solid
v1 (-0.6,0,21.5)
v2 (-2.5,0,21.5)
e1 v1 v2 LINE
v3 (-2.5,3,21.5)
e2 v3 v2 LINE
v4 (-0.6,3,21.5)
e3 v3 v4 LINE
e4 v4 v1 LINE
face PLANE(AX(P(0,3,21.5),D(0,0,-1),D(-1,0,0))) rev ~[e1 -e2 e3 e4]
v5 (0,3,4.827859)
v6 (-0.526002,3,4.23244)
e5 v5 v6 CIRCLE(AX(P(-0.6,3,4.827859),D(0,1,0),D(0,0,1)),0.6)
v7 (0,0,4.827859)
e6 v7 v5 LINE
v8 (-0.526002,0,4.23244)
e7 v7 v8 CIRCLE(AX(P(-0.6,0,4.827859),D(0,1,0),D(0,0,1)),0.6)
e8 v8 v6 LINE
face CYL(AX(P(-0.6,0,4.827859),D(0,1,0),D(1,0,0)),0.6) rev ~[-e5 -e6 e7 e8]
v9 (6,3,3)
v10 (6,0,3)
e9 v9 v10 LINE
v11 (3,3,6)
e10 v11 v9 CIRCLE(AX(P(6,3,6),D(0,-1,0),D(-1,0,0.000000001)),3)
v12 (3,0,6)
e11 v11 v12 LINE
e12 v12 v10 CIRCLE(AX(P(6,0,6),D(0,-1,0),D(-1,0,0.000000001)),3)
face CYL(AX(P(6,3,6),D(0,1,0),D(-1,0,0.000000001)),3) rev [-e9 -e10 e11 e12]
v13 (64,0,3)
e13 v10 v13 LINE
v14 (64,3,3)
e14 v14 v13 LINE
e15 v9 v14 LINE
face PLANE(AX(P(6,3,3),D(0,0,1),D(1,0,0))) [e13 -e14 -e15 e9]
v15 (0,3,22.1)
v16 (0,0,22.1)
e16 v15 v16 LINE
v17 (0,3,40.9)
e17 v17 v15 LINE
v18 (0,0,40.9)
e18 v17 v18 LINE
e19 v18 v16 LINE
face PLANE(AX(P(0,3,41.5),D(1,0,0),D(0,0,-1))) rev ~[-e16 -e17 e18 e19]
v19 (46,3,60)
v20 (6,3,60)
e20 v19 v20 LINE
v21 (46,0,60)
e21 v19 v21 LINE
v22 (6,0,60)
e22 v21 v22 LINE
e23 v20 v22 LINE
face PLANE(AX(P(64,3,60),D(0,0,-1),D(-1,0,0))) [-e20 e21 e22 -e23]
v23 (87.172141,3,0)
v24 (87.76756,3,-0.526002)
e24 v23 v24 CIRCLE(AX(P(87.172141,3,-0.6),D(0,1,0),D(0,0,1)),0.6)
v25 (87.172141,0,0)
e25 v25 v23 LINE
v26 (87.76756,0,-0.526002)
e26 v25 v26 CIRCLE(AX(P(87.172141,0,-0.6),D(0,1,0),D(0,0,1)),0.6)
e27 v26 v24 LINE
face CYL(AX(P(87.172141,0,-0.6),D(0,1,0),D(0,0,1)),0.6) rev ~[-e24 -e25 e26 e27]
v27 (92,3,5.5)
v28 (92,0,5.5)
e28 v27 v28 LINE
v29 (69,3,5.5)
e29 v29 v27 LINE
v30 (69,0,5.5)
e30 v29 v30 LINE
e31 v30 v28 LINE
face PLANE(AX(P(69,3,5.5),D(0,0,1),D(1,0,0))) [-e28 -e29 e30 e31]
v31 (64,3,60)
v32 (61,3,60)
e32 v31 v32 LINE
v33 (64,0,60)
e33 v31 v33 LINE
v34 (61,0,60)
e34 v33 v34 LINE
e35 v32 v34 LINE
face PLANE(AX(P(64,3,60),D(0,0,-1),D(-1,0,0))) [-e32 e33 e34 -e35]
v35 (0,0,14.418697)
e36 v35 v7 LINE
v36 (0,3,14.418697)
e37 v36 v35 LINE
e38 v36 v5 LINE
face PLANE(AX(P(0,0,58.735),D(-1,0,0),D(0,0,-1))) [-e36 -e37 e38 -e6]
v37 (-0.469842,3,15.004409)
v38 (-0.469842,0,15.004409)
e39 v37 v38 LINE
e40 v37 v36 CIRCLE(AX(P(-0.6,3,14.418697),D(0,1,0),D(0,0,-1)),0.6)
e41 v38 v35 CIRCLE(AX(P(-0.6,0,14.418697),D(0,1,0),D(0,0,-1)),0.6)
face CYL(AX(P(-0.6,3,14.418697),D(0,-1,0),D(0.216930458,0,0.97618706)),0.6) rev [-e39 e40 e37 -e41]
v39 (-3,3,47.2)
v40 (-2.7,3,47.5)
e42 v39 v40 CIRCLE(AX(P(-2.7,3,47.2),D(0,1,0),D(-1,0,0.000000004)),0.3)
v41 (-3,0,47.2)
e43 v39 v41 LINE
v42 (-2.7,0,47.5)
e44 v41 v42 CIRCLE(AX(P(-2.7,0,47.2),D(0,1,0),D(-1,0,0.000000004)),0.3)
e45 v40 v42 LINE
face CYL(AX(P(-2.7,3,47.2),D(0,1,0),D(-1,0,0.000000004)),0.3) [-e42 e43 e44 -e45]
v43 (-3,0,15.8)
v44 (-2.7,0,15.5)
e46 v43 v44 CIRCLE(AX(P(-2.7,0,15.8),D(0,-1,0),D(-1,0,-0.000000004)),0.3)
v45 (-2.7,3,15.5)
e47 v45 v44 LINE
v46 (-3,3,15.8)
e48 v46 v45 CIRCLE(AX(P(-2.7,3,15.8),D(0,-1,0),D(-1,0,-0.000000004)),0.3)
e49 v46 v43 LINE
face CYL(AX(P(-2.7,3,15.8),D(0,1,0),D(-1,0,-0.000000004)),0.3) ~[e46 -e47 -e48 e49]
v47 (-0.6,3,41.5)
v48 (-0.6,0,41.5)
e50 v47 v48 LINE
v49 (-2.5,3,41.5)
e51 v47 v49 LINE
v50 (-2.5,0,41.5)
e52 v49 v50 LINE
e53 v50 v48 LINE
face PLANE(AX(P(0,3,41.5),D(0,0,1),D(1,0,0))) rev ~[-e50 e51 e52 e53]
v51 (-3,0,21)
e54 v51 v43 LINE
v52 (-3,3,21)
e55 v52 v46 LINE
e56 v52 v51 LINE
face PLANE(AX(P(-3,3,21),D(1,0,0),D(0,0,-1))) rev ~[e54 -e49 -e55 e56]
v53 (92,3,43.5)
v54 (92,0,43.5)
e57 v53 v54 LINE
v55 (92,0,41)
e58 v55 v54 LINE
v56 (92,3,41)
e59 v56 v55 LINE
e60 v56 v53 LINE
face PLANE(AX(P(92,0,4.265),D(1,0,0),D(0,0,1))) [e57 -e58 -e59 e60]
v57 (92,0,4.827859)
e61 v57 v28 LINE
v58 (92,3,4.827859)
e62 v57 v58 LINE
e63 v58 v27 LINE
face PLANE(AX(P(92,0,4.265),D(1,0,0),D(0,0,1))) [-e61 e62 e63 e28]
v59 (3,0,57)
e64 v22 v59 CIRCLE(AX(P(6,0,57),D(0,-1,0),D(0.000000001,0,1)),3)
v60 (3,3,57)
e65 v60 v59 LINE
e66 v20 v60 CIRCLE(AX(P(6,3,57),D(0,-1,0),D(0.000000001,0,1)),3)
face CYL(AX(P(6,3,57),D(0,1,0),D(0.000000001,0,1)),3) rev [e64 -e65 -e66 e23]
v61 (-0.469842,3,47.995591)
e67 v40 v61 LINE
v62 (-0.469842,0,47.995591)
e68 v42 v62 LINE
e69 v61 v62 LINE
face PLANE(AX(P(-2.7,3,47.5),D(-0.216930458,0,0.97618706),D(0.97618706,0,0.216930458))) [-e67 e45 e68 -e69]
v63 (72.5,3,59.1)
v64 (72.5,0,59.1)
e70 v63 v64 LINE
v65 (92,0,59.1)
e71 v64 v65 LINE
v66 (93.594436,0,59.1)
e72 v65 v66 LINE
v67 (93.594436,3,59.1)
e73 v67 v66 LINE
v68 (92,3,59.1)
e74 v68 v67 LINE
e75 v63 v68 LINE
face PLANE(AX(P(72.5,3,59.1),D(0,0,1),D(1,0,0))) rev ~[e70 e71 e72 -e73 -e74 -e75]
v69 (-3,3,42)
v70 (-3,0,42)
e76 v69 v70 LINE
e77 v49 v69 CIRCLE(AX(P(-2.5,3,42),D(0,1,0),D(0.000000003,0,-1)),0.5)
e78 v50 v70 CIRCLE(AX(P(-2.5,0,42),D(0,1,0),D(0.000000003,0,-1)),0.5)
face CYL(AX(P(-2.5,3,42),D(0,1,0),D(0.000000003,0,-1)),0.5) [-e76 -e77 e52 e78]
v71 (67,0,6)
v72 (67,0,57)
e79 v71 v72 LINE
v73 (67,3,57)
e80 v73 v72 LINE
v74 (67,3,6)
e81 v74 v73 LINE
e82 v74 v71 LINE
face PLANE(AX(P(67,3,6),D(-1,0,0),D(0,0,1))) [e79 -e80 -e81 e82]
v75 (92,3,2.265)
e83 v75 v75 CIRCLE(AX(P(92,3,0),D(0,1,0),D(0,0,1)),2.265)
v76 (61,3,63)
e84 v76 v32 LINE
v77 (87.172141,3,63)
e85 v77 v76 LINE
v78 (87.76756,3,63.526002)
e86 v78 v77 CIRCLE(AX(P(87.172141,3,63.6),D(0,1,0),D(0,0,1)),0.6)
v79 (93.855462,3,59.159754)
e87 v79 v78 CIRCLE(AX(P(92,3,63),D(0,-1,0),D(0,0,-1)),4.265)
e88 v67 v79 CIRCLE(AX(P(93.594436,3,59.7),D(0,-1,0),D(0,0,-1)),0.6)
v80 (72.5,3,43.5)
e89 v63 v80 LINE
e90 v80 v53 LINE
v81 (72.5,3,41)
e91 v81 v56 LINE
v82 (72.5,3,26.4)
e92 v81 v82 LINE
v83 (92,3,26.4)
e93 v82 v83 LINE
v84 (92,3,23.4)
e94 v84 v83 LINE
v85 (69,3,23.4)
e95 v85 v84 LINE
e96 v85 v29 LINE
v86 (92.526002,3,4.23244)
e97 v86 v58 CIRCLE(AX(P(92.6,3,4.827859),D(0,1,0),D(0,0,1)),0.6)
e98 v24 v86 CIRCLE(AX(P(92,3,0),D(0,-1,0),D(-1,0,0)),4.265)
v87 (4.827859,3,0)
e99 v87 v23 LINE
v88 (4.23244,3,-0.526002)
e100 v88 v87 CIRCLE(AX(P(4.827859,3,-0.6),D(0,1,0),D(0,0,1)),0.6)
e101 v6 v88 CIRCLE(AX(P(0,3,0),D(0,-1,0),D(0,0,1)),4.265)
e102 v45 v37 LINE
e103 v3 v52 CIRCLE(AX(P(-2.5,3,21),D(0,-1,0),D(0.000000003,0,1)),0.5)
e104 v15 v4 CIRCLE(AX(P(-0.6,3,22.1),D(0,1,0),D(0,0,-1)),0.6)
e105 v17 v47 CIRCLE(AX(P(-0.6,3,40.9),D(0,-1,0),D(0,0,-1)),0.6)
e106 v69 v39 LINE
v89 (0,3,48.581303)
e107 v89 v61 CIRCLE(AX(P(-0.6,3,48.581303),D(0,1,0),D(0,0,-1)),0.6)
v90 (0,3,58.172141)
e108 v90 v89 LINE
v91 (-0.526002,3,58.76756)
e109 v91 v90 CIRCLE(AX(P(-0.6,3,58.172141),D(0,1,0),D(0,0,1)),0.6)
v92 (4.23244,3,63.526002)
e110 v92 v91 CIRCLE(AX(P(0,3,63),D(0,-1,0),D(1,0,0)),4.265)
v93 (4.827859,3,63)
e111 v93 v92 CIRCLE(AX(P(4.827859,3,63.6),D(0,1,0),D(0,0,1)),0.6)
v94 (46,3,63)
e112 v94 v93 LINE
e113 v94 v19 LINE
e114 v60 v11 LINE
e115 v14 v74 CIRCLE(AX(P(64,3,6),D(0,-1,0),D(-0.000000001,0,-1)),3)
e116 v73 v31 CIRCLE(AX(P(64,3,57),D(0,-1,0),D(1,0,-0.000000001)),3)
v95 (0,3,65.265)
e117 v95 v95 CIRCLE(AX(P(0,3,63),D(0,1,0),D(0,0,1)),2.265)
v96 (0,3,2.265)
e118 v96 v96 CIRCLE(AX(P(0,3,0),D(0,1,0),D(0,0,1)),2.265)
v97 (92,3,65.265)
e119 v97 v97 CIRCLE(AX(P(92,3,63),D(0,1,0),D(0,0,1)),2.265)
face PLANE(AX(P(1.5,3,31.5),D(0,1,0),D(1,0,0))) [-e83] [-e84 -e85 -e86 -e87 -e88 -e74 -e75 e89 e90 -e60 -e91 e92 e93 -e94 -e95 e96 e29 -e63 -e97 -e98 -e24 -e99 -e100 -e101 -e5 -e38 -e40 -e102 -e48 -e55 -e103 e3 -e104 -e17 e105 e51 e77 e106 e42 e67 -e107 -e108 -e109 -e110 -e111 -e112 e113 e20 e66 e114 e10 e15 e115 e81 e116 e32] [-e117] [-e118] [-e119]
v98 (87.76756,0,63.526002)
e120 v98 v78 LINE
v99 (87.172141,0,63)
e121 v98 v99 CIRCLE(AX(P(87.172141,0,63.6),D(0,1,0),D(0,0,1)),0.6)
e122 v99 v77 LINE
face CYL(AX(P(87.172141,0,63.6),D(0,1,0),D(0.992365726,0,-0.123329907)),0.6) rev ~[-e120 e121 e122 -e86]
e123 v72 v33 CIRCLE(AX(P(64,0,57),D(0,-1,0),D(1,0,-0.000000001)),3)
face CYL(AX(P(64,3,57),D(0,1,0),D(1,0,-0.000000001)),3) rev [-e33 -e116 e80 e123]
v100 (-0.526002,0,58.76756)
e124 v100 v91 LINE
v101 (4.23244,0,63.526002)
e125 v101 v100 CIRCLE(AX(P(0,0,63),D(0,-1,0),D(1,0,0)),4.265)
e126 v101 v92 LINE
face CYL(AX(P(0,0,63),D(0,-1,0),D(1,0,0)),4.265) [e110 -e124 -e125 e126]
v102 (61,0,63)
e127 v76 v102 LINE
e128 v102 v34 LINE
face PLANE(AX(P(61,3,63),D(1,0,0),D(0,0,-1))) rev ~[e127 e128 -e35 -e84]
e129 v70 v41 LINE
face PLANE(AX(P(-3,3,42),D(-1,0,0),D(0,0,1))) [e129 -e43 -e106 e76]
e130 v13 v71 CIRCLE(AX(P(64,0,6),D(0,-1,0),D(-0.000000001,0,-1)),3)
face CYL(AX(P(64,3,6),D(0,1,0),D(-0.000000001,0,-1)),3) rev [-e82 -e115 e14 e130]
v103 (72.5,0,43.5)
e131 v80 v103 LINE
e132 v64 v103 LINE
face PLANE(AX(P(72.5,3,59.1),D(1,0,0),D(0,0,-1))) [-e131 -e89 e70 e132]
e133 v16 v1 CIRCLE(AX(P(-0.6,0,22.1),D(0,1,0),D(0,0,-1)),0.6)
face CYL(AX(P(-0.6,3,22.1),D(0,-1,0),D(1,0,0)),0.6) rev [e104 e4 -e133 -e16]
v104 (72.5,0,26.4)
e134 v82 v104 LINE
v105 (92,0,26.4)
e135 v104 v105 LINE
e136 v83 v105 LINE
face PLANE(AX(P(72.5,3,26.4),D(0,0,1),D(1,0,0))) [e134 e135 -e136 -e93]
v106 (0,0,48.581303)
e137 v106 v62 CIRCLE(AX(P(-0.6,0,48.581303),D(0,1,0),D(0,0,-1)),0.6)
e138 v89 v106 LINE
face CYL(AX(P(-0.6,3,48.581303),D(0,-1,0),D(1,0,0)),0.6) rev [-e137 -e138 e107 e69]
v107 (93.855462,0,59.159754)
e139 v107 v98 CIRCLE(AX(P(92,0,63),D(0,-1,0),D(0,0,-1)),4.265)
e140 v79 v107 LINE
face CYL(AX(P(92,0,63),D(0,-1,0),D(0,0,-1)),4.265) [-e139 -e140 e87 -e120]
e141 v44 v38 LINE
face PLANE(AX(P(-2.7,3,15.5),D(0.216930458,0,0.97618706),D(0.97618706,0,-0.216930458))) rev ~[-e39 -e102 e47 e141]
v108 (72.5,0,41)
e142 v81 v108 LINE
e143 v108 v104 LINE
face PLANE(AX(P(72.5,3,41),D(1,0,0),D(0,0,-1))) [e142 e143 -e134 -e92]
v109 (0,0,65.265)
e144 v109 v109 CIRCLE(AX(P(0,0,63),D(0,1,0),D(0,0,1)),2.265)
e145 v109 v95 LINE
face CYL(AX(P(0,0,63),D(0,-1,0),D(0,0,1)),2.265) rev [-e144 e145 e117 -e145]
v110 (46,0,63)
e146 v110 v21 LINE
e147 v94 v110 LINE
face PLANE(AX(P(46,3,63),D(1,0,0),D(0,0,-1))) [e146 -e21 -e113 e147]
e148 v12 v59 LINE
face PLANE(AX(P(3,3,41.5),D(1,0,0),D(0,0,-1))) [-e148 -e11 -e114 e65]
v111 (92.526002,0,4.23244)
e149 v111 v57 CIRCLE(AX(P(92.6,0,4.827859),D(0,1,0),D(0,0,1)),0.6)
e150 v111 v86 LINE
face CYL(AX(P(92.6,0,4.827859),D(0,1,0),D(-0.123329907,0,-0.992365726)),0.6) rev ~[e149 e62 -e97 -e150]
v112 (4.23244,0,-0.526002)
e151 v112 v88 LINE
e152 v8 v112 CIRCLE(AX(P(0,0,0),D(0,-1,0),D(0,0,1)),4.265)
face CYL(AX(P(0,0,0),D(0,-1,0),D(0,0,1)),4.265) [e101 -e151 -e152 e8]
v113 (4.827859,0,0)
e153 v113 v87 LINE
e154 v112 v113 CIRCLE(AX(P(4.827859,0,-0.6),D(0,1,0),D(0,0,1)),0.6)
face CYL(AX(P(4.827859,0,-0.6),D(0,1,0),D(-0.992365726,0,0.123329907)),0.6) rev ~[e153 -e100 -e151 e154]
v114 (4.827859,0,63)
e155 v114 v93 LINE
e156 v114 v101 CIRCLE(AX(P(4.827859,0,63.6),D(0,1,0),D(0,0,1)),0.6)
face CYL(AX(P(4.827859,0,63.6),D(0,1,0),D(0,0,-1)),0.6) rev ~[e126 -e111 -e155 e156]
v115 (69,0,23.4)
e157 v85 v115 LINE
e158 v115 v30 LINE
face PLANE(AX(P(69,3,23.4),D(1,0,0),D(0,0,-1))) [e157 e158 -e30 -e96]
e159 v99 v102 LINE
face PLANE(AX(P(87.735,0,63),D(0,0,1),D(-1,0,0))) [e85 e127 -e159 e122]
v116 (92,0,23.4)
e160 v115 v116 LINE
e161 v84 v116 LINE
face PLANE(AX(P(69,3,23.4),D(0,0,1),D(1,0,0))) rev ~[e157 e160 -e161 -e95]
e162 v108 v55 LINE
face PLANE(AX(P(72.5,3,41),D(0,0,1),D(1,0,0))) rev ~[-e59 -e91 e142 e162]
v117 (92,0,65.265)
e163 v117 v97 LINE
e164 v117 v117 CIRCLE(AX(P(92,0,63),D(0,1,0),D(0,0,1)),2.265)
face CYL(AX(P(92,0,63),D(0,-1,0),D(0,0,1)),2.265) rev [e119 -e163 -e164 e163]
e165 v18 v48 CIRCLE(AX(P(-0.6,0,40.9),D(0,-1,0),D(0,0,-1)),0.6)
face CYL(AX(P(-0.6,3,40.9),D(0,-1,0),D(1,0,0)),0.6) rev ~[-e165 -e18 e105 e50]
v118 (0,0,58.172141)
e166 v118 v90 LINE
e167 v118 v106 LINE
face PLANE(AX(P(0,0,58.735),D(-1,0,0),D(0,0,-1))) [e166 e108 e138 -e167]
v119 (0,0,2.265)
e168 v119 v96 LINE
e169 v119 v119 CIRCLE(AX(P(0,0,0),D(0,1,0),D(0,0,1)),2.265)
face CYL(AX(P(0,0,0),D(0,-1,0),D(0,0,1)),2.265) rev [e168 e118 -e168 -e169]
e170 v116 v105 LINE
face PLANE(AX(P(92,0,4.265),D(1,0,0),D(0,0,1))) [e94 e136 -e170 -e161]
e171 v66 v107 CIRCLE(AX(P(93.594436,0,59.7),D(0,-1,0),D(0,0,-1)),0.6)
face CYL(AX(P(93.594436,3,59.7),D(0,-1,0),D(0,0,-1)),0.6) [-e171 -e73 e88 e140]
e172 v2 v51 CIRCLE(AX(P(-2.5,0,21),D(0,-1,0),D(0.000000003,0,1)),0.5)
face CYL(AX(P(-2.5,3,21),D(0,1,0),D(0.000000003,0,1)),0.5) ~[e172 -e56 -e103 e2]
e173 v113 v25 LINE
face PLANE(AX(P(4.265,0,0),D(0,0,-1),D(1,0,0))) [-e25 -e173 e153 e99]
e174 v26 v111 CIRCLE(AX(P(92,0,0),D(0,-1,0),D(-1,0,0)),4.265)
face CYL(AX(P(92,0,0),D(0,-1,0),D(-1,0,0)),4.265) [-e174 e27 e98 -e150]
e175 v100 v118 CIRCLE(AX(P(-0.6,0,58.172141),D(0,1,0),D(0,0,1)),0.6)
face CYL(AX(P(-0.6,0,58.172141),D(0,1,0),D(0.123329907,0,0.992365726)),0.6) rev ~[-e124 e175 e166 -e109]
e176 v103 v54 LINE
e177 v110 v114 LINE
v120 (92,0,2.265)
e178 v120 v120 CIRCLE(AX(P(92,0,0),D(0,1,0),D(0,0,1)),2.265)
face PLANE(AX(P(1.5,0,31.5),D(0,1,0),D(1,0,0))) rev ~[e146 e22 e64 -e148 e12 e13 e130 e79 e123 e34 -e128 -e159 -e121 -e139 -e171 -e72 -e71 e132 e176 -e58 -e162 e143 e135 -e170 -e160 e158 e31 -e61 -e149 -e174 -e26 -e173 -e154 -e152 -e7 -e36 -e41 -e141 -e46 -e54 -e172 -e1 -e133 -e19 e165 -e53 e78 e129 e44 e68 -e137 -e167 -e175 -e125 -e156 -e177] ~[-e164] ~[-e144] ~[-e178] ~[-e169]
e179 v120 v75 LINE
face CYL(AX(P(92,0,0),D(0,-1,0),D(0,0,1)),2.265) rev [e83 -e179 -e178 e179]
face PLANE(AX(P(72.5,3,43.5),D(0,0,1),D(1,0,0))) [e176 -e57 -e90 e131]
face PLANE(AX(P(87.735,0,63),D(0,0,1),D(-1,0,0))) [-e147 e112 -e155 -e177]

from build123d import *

# Parameters (mm, degrees)
SKETCH1_R           = 2.265
BOSS_EXTRUDE1_DEPTH = 3
SKETCH2_W           = 6.5
SKETCH2_H           = 20
CUT_EXTRUDE1_DEPTH  = 3
BOSS_EXTRUDE2_DEPTH = 3
CUT_EXTRUDE2_DEPTH  = 3
SKETCH5_W           = 3
SKETCH5_H           = 20
BOSS_EXTRUDE3_DEPTH = 3
SKETCH6_W           = 27.010134686
SKETCH6_H           = 17.9
CUT_EXTRUDE3_DEPTH  = 3
SKETCH7_W           = 19.5
SKETCH7_H           = 14.6
CUT_EXTRUDE4_DEPTH  = 3
SKETCH8_W           = 19.5
SKETCH8_H           = 15.6
CUT_EXTRUDE5_DEPTH  = 3
SKETCH9_W           = 2.019620965
SKETCH9_H           = 0.574286347
CUT_EXTRUDE6_DEPTH  = 3
SKETCH10_W          = 15
SKETCH10_H          = 3
CUT_EXTRUDE7_DEPTH  = 3
FILLET1_R           = 0.6


with BuildPart() as part:
    # Sketch1 → Boss-Extrude1 (new body)
    with BuildSketch(Plane(origin=(0, 0, 0), x_dir=(1, 0, 0), z_dir=(0, 1, 0))):
        with BuildLine():
            Line((4.265, 0), (87.735, 0))
            ThreePointArc((87.735, 0), (95.015810422, 3.015810422), (92, -4.265))
            Line((92, -4.265), (92, -58.735))
            ThreePointArc((92, -58.735), (95.015810422, -66.015810422), (87.735, -63))
            Line((87.735, -63), (4.265, -63))
            ThreePointArc((4.265, -63), (-3.015810422, -66.015810422), (0, -58.735))
            Line((0, -58.735), (0, -4.265))
            ThreePointArc((0, -4.265), (-3.015810422, 3.015810422), (4.265, 0))
        make_face()
        with Locations(Location((0, 0, 0), (0, 0, 270))):
            Circle(SKETCH1_R, mode=Mode.SUBTRACT)
        with Locations(Location((92, 0, 0), (0, 0, 270))):
            Circle(SKETCH1_R, mode=Mode.SUBTRACT)
        with Locations(Location((92, -63, 0), (0, 0, 270))):
            Circle(SKETCH1_R, mode=Mode.SUBTRACT)
        with Locations(Location((0, -63, 0), (0, 0, 270))):
            Circle(SKETCH1_R, mode=Mode.SUBTRACT)
    extrude(amount=BOSS_EXTRUDE1_DEPTH)

    # Sketch2 → Cut-Extrude1 (cut)
    with BuildSketch(Plane(origin=(0, 3, 0), x_dir=(1, 0, 0), z_dir=(0, 1, 0))):
        with Locations((3.25, -31.5)):
            Rectangle(SKETCH2_W, SKETCH2_H)
    extrude(amount=-CUT_EXTRUDE1_DEPTH, mode=Mode.SUBTRACT)

    # Sketch3 → Boss-Extrude2 (add)
    with BuildSketch(Plane(origin=(0, 3, 0), x_dir=(1, 0, 0), z_dir=(0, 1, 0))):
        with BuildLine():
            Line((-2.7, -15.5), (0, -14.9))
            Line((0, -14.9), (0, -21.5))
            Line((0, -21.5), (-2.5, -21.5))
            ThreePointArc((-2.5, -21.5), (-2.853553391, -21.353553391), (-3, -21))
            Line((-3, -21), (-3, -15.8))
            ThreePointArc((-3, -15.8), (-2.912132034, -15.587867966), (-2.7, -15.5))
        make_face()
        with BuildLine():
            Line((-3, -42), (-3, -47.2))
            ThreePointArc((-3, -47.2), (-2.912132034, -47.412132034), (-2.7, -47.5))
            Line((-2.7, -47.5), (0, -48.1))
            Line((0, -48.1), (0, -41.5))
            Line((0, -41.5), (-2.5, -41.5))
            ThreePointArc((-2.5, -41.5), (-2.853553391, -41.646446609), (-3, -42))
        make_face()
    extrude(amount=-BOSS_EXTRUDE2_DEPTH)

    # Sketch4 → Cut-Extrude2 (cut)
    with BuildSketch(Plane(origin=(0, 3, 0), x_dir=(1, 0, 0), z_dir=(0, 1, 0))):
        with BuildLine():
            Line((6, -3), (64, -3))
            ThreePointArc((64, -3), (66.121320344, -3.878679656), (67, -6))
            Line((67, -6), (67, -57))
            ThreePointArc((67, -57), (66.121320344, -59.121320344), (64, -60))
            Line((64, -60), (6, -60))
            ThreePointArc((6, -60), (3.878679656, -59.121320344), (3, -57))
            Line((3, -57), (3, -6))
            ThreePointArc((3, -6), (3.878679656, -3.878679656), (6, -3))
        make_face()
    extrude(amount=-CUT_EXTRUDE2_DEPTH, mode=Mode.SUBTRACT)

    # Sketch5 → Boss-Extrude3 (add)
    with BuildSketch(Plane(origin=(0, 3, 0), x_dir=(1, 0, 0), z_dir=(0, 1, 0))):
        with Locations((1.5, -31.5)):
            Rectangle(SKETCH5_W, SKETCH5_H)
    extrude(amount=-BOSS_EXTRUDE3_DEPTH)

    # Sketch6 → Cut-Extrude3 (cut)
    with BuildSketch(Plane(origin=(0, 3, 0), x_dir=(1, 0, 0), z_dir=(0, 1, 0))):
        with Locations((82.505067343, -14.45)):
            Rectangle(SKETCH6_W, SKETCH6_H)
    extrude(amount=-CUT_EXTRUDE3_DEPTH, mode=Mode.SUBTRACT)

    # Sketch7 → Cut-Extrude4 (cut)
    with BuildSketch(Plane(origin=(0, 3, 0), x_dir=(1, 0, 0), z_dir=(0, 1, 0))):
        with Locations((82.25, -33.7)):
            Rectangle(SKETCH7_W, SKETCH7_H)
    extrude(amount=-CUT_EXTRUDE4_DEPTH, mode=Mode.SUBTRACT)

    # Sketch8 → Cut-Extrude5 (cut)
    with BuildSketch(Plane(origin=(0, 3, 0), x_dir=(1, 0, 0), z_dir=(0, 1, 0))):
        with Locations((82.25, -51.3)):
            Rectangle(SKETCH8_W, SKETCH8_H)
    extrude(amount=-CUT_EXTRUDE5_DEPTH, mode=Mode.SUBTRACT)

    # Sketch9 → Cut-Extrude6 (cut)
    with BuildSketch(Plane(origin=(0, 3, 0), x_dir=(1, 0, 0), z_dir=(0, 1, 0))):
        with Locations((93.009810483, -58.812856827)):
            Rectangle(SKETCH9_W, SKETCH9_H)
    extrude(amount=-CUT_EXTRUDE6_DEPTH, mode=Mode.SUBTRACT)

    # Sketch10 → Cut-Extrude7 (cut)
    with BuildSketch(Plane(origin=(0, 3, 0), x_dir=(1, 0, 0), z_dir=(0, 1, 0))):
        with Locations((53.5, -61.5)):
            Rectangle(SKETCH10_W, SKETCH10_H)
    extrude(amount=-CUT_EXTRUDE7_DEPTH, mode=Mode.SUBTRACT)

    # Fillet1
    fillet1_edges = [part.edges().sort_by_distance(p)[0] for p in [
        (0, 1.5, 41.5),
        (92, 1.5, 4.265),
        (0, 1.5, 21.5),
        (87.735, 1.5, 63),
        (4.265, 1.5, 63),
        (0, 1.5, 58.735),
        (0, 1.5, 4.265),
        (4.265, 1.5, 0),
        (87.735, 1.5, 0),
        (93.726332818, 1.5, 59.1),
        (0, 1.5, 14.9),
        (0, 1.5, 48.1),
    ]]
    fillet(fillet1_edges, radius=FILLET1_R)


solid = part.part
